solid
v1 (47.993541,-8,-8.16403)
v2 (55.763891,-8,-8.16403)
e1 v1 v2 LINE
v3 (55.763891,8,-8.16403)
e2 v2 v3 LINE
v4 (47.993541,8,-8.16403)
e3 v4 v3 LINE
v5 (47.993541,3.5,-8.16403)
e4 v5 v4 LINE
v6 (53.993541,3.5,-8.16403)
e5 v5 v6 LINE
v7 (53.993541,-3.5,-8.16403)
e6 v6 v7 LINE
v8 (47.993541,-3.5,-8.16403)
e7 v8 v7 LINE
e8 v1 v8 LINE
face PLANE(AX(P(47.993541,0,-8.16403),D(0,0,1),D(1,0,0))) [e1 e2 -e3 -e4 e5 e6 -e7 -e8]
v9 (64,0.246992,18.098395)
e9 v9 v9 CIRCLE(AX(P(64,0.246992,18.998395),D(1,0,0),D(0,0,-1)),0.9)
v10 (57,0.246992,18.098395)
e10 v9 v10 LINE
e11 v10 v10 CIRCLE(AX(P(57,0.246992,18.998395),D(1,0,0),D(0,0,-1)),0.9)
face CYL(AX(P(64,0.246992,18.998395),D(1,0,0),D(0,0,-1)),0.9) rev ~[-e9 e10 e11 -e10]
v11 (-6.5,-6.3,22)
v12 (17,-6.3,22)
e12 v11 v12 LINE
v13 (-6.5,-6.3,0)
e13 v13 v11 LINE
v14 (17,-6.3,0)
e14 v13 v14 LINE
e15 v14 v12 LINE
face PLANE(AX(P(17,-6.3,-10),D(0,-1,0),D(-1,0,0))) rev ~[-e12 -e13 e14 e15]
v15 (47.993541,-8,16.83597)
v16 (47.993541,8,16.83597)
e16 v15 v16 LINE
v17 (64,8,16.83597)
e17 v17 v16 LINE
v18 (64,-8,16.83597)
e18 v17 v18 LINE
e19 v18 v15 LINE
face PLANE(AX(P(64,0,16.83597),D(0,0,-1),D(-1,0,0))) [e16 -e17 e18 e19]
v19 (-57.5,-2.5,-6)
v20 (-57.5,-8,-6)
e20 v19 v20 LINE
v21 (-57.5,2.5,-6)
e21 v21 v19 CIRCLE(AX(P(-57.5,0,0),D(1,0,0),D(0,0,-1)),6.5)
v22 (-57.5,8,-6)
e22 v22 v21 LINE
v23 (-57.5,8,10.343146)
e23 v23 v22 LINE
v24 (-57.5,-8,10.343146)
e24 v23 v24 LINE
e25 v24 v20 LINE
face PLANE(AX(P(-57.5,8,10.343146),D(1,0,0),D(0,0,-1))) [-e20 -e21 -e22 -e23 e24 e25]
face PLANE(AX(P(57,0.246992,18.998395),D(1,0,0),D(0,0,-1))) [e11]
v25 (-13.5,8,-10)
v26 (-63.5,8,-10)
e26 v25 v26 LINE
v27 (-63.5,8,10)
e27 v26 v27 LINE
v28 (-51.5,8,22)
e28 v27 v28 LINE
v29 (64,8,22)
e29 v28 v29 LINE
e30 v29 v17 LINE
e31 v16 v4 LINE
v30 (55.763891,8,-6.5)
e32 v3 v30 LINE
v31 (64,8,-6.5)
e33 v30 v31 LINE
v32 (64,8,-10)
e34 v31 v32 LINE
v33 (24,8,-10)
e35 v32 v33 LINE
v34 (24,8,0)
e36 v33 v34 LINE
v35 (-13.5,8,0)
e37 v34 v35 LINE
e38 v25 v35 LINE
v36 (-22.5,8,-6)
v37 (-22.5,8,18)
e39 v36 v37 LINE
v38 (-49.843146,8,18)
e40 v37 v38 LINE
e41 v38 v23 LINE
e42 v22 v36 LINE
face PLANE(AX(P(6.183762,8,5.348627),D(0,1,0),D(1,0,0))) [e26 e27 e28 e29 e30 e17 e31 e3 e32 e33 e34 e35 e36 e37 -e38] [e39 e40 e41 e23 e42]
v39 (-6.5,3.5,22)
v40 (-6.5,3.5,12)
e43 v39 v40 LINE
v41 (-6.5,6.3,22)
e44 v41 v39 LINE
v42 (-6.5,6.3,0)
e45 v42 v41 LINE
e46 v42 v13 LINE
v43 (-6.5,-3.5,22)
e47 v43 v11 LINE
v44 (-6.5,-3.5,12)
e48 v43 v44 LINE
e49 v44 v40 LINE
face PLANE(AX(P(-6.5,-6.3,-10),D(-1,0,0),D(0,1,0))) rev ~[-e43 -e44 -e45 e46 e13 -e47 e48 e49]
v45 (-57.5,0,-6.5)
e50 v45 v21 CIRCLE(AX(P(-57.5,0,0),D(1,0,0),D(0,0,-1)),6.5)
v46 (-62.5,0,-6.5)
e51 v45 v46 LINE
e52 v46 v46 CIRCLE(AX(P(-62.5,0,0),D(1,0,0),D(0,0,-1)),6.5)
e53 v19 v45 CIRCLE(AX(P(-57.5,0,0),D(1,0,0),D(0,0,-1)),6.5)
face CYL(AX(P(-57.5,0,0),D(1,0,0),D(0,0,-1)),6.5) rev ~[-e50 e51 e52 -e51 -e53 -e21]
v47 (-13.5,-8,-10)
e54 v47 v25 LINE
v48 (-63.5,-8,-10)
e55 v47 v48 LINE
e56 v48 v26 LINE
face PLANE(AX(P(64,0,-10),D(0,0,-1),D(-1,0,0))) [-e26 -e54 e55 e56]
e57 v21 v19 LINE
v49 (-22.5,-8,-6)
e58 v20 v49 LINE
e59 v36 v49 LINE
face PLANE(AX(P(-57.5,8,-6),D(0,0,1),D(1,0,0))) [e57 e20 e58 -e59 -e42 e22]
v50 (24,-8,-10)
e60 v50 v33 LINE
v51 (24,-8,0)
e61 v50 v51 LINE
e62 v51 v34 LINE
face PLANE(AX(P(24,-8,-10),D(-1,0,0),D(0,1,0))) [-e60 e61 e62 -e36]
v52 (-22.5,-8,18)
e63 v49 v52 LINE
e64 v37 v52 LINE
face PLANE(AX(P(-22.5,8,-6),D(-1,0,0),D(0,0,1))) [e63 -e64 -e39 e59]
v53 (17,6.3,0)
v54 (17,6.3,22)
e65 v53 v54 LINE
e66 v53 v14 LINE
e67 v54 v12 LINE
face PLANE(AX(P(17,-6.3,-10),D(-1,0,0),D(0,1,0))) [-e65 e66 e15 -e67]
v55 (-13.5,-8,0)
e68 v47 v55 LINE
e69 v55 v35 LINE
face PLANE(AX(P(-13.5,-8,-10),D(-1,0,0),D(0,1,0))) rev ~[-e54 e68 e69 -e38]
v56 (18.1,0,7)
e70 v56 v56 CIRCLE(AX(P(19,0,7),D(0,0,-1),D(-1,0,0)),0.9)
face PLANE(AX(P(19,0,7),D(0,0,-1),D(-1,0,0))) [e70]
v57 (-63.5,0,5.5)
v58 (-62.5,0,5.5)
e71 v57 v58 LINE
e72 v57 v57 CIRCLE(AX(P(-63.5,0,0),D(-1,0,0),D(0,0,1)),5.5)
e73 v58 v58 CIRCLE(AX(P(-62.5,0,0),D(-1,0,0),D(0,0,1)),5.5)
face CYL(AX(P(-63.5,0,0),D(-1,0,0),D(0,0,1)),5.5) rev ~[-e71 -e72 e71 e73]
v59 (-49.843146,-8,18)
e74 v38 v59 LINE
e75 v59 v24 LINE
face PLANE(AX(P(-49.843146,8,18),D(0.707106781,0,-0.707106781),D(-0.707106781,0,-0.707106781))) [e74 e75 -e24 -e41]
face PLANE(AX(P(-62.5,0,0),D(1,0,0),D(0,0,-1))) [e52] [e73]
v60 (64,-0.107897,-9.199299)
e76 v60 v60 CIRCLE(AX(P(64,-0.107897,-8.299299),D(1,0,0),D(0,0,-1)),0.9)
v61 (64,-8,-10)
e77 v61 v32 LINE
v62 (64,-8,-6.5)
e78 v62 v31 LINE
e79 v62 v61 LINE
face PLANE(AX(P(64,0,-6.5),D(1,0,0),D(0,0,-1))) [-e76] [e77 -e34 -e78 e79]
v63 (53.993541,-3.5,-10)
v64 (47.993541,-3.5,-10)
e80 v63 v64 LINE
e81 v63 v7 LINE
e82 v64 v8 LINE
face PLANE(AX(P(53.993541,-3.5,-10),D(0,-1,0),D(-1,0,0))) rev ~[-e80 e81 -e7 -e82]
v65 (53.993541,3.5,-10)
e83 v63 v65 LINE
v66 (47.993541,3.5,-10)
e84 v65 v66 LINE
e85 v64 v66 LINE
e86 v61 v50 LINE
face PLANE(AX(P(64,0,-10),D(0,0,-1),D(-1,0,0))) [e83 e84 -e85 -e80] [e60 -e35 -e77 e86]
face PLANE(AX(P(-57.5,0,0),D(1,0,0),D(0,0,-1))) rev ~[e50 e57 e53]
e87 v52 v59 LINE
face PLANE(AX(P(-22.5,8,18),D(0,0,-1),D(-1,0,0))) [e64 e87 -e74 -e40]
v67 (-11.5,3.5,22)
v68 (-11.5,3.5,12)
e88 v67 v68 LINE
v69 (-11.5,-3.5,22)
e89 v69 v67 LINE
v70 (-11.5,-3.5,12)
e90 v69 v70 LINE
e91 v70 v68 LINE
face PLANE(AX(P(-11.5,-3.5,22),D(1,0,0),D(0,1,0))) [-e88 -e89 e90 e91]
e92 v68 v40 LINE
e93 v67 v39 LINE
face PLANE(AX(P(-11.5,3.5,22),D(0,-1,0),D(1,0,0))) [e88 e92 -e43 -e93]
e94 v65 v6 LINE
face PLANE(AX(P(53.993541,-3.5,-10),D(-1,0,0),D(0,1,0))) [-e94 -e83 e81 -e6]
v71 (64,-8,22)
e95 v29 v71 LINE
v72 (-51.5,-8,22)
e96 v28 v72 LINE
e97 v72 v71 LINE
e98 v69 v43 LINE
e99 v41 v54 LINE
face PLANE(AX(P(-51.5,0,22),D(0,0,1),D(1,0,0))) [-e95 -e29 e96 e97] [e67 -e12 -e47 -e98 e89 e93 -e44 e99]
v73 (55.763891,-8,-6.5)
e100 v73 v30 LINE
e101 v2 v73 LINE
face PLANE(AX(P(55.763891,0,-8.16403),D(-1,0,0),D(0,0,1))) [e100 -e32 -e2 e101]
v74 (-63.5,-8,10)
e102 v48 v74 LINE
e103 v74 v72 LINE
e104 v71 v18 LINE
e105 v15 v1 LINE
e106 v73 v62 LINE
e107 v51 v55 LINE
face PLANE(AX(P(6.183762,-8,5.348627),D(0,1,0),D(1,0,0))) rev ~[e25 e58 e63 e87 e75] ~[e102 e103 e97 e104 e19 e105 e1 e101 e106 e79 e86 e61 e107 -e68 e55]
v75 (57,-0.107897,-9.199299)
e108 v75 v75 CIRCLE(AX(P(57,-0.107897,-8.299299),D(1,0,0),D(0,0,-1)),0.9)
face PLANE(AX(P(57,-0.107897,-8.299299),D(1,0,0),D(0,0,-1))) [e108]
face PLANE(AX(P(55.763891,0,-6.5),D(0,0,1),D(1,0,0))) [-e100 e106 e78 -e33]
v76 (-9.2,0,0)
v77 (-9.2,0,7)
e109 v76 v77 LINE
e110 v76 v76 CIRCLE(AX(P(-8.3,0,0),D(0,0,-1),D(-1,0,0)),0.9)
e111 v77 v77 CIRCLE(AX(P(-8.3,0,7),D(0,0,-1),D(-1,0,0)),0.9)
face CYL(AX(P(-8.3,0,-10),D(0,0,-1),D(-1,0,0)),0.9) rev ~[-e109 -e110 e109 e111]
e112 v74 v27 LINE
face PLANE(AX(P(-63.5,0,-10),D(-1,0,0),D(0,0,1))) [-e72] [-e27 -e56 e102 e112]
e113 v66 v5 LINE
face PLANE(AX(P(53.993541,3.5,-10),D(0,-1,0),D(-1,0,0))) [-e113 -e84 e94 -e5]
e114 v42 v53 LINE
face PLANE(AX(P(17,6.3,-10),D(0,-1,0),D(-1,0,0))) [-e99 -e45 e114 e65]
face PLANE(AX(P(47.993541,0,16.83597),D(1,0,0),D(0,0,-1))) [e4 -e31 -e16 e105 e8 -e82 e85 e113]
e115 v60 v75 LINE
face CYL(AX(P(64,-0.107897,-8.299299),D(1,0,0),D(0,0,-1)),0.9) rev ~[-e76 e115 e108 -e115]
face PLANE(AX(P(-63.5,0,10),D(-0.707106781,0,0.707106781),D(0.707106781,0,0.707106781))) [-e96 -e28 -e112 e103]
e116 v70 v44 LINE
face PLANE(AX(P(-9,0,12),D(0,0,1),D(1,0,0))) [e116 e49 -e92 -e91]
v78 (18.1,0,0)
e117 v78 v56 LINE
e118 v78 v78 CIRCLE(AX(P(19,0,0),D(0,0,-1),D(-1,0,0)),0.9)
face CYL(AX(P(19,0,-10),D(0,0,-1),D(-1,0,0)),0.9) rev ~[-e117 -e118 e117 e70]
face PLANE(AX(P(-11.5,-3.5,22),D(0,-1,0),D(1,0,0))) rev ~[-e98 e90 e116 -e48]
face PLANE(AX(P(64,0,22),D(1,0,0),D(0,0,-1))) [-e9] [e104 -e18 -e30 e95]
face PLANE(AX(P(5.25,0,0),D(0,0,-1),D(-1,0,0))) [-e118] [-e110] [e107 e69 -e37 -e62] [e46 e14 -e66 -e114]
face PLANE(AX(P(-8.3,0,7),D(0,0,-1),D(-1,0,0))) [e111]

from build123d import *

# Parameters (mm, degrees)
BOSS_EXTRUDE1_DEPTH      = 8
BOSS_EXTRUDE1_DEPTH_BACK = 8
SKETCH2_R                = 5.5
CUT_EXTRUDE1_DEPTH       = 8
CUT_EXTRUDE2_DEPTH       = 16
SKETCH4_R                = 6.5
CUT_EXTRUDE3_DEPTH       = 5
SKETCH5_W                = 23.5
SKETCH5_H                = 12.6
CUT_EXTRUDE4_DEPTH       = 33
SKETCH6_R                = 0.9
CUT_EXTRUDE5_DEPTH       = 17
SKETCH7_W                = 6
SKETCH7_H                = 7
CUT_EXTRUDE6_DEPTH       = 7
SKETCH8_W                = 5
SKETCH8_H                = 7
CUT_EXTRUDE7_DEPTH       = 10
SKETCH9_R                = 0.9
CUT_EXTRUDE8_DEPTH       = 7
SKETCH10_W               = 37.5
SKETCH10_H               = 16
CUT_EXTRUDE9_DEPTH       = 10


with BuildPart() as part:
    # Sketch1 → Boss-Extrude1 (new body, two sides)
    with BuildSketch(Plane(origin=(0, 0, 0), x_dir=(1, 0, 0), z_dir=(0, 1, 0))) as boss_extrude1_sk:
        Polygon((64, -16.835969506), (47.993540801, -16.835969506), (47.993540801, 8.164030494), (55.763890835, 8.164030494), (55.763890835, 6.5), (64, 6.5), (64, 10), (-63.5, 10), (-63.5, -10), (-51.5, -22), (64, -22), align=None)
    extrude(amount=BOSS_EXTRUDE1_DEPTH)
    extrude(boss_extrude1_sk.sketch, amount=-BOSS_EXTRUDE1_DEPTH_BACK)

    # Sketch2 → Cut-Extrude1 (cut)
    with BuildSketch(Plane.ZY.offset(63.5)):
        Circle(SKETCH2_R)
    extrude(amount=-CUT_EXTRUDE1_DEPTH, mode=Mode.SUBTRACT)

    # Sketch3 → Cut-Extrude2 (cut)
    with BuildSketch(Plane(origin=(0, 8, 0), x_dir=(1, 0, 0), z_dir=(0, 1, 0))):
        Polygon((-57.5, 6), (-22.5, 6), (-22.5, -18), (-49.843145751, -18), (-57.5, -10.343145751), align=None)
    extrude(amount=-CUT_EXTRUDE2_DEPTH, mode=Mode.SUBTRACT)

    # Sketch4 → Cut-Extrude3 (cut)
    with BuildSketch(Plane(origin=(-57.5, 0, 0), x_dir=(0, 0, -1), z_dir=(1, 0, 0))):
        Circle(SKETCH4_R)
    extrude(amount=-CUT_EXTRUDE3_DEPTH, mode=Mode.SUBTRACT)

    # Sketch5 → Cut-Extrude4 (cut, through all)
    with BuildSketch(Plane(origin=(0, 0, -10), x_dir=(-1, 0, 0), z_dir=(0, 0, -1))):
        with Locations((-5.25, 0)):
            Rectangle(SKETCH5_W, SKETCH5_H)
    extrude(amount=-CUT_EXTRUDE4_DEPTH, mode=Mode.SUBTRACT)

    # Sketch6 → Cut-Extrude5 (cut)
    with BuildSketch(Plane(origin=(0, 0, -10), x_dir=(-1, 0, 0), z_dir=(0, 0, -1))):
        with Locations((8.3, 0)):
            Circle(SKETCH6_R)
        with Locations((-19, 0)):
            Circle(SKETCH6_R)
    extrude(amount=-CUT_EXTRUDE5_DEPTH, mode=Mode.SUBTRACT)

    # Sketch7 → Cut-Extrude6 (cut)
    with BuildSketch(Plane(origin=(0, 0, -10), x_dir=(-1, 0, 0), z_dir=(0, 0, -1))):
        with Locations((-50.993540801, 0)):
            Rectangle(SKETCH7_W, SKETCH7_H)
    extrude(amount=-CUT_EXTRUDE6_DEPTH, mode=Mode.SUBTRACT)

    # Sketch8 → Cut-Extrude7 (cut)
    with BuildSketch(Plane.XY.offset(22)):
        with Locations((-9, 0)):
            Rectangle(SKETCH8_W, SKETCH8_H)
    extrude(amount=-CUT_EXTRUDE7_DEPTH, mode=Mode.SUBTRACT)

    # Sketch9 → Cut-Extrude8 (cut)
    with BuildSketch(Plane(origin=(64, 0, 0), x_dir=(0, 0, -1), z_dir=(1, 0, 0))):
        with Locations((-18.998394534, 0.246992196)):
            Circle(SKETCH9_R)
        with Locations((8.299298665, -0.107896591)):
            Circle(SKETCH9_R)
    extrude(amount=-CUT_EXTRUDE8_DEPTH, mode=Mode.SUBTRACT)

    # Sketch10 → Cut-Extrude9 (cut)
    with BuildSketch(Plane(origin=(0, 0, -10), x_dir=(-1, 0, 0), z_dir=(0, 0, -1))):
        with Locations((-5.25, 0)):
            Rectangle(SKETCH10_W, SKETCH10_H)
    extrude(amount=-CUT_EXTRUDE9_DEPTH, mode=Mode.SUBTRACT)


solid = part.part
